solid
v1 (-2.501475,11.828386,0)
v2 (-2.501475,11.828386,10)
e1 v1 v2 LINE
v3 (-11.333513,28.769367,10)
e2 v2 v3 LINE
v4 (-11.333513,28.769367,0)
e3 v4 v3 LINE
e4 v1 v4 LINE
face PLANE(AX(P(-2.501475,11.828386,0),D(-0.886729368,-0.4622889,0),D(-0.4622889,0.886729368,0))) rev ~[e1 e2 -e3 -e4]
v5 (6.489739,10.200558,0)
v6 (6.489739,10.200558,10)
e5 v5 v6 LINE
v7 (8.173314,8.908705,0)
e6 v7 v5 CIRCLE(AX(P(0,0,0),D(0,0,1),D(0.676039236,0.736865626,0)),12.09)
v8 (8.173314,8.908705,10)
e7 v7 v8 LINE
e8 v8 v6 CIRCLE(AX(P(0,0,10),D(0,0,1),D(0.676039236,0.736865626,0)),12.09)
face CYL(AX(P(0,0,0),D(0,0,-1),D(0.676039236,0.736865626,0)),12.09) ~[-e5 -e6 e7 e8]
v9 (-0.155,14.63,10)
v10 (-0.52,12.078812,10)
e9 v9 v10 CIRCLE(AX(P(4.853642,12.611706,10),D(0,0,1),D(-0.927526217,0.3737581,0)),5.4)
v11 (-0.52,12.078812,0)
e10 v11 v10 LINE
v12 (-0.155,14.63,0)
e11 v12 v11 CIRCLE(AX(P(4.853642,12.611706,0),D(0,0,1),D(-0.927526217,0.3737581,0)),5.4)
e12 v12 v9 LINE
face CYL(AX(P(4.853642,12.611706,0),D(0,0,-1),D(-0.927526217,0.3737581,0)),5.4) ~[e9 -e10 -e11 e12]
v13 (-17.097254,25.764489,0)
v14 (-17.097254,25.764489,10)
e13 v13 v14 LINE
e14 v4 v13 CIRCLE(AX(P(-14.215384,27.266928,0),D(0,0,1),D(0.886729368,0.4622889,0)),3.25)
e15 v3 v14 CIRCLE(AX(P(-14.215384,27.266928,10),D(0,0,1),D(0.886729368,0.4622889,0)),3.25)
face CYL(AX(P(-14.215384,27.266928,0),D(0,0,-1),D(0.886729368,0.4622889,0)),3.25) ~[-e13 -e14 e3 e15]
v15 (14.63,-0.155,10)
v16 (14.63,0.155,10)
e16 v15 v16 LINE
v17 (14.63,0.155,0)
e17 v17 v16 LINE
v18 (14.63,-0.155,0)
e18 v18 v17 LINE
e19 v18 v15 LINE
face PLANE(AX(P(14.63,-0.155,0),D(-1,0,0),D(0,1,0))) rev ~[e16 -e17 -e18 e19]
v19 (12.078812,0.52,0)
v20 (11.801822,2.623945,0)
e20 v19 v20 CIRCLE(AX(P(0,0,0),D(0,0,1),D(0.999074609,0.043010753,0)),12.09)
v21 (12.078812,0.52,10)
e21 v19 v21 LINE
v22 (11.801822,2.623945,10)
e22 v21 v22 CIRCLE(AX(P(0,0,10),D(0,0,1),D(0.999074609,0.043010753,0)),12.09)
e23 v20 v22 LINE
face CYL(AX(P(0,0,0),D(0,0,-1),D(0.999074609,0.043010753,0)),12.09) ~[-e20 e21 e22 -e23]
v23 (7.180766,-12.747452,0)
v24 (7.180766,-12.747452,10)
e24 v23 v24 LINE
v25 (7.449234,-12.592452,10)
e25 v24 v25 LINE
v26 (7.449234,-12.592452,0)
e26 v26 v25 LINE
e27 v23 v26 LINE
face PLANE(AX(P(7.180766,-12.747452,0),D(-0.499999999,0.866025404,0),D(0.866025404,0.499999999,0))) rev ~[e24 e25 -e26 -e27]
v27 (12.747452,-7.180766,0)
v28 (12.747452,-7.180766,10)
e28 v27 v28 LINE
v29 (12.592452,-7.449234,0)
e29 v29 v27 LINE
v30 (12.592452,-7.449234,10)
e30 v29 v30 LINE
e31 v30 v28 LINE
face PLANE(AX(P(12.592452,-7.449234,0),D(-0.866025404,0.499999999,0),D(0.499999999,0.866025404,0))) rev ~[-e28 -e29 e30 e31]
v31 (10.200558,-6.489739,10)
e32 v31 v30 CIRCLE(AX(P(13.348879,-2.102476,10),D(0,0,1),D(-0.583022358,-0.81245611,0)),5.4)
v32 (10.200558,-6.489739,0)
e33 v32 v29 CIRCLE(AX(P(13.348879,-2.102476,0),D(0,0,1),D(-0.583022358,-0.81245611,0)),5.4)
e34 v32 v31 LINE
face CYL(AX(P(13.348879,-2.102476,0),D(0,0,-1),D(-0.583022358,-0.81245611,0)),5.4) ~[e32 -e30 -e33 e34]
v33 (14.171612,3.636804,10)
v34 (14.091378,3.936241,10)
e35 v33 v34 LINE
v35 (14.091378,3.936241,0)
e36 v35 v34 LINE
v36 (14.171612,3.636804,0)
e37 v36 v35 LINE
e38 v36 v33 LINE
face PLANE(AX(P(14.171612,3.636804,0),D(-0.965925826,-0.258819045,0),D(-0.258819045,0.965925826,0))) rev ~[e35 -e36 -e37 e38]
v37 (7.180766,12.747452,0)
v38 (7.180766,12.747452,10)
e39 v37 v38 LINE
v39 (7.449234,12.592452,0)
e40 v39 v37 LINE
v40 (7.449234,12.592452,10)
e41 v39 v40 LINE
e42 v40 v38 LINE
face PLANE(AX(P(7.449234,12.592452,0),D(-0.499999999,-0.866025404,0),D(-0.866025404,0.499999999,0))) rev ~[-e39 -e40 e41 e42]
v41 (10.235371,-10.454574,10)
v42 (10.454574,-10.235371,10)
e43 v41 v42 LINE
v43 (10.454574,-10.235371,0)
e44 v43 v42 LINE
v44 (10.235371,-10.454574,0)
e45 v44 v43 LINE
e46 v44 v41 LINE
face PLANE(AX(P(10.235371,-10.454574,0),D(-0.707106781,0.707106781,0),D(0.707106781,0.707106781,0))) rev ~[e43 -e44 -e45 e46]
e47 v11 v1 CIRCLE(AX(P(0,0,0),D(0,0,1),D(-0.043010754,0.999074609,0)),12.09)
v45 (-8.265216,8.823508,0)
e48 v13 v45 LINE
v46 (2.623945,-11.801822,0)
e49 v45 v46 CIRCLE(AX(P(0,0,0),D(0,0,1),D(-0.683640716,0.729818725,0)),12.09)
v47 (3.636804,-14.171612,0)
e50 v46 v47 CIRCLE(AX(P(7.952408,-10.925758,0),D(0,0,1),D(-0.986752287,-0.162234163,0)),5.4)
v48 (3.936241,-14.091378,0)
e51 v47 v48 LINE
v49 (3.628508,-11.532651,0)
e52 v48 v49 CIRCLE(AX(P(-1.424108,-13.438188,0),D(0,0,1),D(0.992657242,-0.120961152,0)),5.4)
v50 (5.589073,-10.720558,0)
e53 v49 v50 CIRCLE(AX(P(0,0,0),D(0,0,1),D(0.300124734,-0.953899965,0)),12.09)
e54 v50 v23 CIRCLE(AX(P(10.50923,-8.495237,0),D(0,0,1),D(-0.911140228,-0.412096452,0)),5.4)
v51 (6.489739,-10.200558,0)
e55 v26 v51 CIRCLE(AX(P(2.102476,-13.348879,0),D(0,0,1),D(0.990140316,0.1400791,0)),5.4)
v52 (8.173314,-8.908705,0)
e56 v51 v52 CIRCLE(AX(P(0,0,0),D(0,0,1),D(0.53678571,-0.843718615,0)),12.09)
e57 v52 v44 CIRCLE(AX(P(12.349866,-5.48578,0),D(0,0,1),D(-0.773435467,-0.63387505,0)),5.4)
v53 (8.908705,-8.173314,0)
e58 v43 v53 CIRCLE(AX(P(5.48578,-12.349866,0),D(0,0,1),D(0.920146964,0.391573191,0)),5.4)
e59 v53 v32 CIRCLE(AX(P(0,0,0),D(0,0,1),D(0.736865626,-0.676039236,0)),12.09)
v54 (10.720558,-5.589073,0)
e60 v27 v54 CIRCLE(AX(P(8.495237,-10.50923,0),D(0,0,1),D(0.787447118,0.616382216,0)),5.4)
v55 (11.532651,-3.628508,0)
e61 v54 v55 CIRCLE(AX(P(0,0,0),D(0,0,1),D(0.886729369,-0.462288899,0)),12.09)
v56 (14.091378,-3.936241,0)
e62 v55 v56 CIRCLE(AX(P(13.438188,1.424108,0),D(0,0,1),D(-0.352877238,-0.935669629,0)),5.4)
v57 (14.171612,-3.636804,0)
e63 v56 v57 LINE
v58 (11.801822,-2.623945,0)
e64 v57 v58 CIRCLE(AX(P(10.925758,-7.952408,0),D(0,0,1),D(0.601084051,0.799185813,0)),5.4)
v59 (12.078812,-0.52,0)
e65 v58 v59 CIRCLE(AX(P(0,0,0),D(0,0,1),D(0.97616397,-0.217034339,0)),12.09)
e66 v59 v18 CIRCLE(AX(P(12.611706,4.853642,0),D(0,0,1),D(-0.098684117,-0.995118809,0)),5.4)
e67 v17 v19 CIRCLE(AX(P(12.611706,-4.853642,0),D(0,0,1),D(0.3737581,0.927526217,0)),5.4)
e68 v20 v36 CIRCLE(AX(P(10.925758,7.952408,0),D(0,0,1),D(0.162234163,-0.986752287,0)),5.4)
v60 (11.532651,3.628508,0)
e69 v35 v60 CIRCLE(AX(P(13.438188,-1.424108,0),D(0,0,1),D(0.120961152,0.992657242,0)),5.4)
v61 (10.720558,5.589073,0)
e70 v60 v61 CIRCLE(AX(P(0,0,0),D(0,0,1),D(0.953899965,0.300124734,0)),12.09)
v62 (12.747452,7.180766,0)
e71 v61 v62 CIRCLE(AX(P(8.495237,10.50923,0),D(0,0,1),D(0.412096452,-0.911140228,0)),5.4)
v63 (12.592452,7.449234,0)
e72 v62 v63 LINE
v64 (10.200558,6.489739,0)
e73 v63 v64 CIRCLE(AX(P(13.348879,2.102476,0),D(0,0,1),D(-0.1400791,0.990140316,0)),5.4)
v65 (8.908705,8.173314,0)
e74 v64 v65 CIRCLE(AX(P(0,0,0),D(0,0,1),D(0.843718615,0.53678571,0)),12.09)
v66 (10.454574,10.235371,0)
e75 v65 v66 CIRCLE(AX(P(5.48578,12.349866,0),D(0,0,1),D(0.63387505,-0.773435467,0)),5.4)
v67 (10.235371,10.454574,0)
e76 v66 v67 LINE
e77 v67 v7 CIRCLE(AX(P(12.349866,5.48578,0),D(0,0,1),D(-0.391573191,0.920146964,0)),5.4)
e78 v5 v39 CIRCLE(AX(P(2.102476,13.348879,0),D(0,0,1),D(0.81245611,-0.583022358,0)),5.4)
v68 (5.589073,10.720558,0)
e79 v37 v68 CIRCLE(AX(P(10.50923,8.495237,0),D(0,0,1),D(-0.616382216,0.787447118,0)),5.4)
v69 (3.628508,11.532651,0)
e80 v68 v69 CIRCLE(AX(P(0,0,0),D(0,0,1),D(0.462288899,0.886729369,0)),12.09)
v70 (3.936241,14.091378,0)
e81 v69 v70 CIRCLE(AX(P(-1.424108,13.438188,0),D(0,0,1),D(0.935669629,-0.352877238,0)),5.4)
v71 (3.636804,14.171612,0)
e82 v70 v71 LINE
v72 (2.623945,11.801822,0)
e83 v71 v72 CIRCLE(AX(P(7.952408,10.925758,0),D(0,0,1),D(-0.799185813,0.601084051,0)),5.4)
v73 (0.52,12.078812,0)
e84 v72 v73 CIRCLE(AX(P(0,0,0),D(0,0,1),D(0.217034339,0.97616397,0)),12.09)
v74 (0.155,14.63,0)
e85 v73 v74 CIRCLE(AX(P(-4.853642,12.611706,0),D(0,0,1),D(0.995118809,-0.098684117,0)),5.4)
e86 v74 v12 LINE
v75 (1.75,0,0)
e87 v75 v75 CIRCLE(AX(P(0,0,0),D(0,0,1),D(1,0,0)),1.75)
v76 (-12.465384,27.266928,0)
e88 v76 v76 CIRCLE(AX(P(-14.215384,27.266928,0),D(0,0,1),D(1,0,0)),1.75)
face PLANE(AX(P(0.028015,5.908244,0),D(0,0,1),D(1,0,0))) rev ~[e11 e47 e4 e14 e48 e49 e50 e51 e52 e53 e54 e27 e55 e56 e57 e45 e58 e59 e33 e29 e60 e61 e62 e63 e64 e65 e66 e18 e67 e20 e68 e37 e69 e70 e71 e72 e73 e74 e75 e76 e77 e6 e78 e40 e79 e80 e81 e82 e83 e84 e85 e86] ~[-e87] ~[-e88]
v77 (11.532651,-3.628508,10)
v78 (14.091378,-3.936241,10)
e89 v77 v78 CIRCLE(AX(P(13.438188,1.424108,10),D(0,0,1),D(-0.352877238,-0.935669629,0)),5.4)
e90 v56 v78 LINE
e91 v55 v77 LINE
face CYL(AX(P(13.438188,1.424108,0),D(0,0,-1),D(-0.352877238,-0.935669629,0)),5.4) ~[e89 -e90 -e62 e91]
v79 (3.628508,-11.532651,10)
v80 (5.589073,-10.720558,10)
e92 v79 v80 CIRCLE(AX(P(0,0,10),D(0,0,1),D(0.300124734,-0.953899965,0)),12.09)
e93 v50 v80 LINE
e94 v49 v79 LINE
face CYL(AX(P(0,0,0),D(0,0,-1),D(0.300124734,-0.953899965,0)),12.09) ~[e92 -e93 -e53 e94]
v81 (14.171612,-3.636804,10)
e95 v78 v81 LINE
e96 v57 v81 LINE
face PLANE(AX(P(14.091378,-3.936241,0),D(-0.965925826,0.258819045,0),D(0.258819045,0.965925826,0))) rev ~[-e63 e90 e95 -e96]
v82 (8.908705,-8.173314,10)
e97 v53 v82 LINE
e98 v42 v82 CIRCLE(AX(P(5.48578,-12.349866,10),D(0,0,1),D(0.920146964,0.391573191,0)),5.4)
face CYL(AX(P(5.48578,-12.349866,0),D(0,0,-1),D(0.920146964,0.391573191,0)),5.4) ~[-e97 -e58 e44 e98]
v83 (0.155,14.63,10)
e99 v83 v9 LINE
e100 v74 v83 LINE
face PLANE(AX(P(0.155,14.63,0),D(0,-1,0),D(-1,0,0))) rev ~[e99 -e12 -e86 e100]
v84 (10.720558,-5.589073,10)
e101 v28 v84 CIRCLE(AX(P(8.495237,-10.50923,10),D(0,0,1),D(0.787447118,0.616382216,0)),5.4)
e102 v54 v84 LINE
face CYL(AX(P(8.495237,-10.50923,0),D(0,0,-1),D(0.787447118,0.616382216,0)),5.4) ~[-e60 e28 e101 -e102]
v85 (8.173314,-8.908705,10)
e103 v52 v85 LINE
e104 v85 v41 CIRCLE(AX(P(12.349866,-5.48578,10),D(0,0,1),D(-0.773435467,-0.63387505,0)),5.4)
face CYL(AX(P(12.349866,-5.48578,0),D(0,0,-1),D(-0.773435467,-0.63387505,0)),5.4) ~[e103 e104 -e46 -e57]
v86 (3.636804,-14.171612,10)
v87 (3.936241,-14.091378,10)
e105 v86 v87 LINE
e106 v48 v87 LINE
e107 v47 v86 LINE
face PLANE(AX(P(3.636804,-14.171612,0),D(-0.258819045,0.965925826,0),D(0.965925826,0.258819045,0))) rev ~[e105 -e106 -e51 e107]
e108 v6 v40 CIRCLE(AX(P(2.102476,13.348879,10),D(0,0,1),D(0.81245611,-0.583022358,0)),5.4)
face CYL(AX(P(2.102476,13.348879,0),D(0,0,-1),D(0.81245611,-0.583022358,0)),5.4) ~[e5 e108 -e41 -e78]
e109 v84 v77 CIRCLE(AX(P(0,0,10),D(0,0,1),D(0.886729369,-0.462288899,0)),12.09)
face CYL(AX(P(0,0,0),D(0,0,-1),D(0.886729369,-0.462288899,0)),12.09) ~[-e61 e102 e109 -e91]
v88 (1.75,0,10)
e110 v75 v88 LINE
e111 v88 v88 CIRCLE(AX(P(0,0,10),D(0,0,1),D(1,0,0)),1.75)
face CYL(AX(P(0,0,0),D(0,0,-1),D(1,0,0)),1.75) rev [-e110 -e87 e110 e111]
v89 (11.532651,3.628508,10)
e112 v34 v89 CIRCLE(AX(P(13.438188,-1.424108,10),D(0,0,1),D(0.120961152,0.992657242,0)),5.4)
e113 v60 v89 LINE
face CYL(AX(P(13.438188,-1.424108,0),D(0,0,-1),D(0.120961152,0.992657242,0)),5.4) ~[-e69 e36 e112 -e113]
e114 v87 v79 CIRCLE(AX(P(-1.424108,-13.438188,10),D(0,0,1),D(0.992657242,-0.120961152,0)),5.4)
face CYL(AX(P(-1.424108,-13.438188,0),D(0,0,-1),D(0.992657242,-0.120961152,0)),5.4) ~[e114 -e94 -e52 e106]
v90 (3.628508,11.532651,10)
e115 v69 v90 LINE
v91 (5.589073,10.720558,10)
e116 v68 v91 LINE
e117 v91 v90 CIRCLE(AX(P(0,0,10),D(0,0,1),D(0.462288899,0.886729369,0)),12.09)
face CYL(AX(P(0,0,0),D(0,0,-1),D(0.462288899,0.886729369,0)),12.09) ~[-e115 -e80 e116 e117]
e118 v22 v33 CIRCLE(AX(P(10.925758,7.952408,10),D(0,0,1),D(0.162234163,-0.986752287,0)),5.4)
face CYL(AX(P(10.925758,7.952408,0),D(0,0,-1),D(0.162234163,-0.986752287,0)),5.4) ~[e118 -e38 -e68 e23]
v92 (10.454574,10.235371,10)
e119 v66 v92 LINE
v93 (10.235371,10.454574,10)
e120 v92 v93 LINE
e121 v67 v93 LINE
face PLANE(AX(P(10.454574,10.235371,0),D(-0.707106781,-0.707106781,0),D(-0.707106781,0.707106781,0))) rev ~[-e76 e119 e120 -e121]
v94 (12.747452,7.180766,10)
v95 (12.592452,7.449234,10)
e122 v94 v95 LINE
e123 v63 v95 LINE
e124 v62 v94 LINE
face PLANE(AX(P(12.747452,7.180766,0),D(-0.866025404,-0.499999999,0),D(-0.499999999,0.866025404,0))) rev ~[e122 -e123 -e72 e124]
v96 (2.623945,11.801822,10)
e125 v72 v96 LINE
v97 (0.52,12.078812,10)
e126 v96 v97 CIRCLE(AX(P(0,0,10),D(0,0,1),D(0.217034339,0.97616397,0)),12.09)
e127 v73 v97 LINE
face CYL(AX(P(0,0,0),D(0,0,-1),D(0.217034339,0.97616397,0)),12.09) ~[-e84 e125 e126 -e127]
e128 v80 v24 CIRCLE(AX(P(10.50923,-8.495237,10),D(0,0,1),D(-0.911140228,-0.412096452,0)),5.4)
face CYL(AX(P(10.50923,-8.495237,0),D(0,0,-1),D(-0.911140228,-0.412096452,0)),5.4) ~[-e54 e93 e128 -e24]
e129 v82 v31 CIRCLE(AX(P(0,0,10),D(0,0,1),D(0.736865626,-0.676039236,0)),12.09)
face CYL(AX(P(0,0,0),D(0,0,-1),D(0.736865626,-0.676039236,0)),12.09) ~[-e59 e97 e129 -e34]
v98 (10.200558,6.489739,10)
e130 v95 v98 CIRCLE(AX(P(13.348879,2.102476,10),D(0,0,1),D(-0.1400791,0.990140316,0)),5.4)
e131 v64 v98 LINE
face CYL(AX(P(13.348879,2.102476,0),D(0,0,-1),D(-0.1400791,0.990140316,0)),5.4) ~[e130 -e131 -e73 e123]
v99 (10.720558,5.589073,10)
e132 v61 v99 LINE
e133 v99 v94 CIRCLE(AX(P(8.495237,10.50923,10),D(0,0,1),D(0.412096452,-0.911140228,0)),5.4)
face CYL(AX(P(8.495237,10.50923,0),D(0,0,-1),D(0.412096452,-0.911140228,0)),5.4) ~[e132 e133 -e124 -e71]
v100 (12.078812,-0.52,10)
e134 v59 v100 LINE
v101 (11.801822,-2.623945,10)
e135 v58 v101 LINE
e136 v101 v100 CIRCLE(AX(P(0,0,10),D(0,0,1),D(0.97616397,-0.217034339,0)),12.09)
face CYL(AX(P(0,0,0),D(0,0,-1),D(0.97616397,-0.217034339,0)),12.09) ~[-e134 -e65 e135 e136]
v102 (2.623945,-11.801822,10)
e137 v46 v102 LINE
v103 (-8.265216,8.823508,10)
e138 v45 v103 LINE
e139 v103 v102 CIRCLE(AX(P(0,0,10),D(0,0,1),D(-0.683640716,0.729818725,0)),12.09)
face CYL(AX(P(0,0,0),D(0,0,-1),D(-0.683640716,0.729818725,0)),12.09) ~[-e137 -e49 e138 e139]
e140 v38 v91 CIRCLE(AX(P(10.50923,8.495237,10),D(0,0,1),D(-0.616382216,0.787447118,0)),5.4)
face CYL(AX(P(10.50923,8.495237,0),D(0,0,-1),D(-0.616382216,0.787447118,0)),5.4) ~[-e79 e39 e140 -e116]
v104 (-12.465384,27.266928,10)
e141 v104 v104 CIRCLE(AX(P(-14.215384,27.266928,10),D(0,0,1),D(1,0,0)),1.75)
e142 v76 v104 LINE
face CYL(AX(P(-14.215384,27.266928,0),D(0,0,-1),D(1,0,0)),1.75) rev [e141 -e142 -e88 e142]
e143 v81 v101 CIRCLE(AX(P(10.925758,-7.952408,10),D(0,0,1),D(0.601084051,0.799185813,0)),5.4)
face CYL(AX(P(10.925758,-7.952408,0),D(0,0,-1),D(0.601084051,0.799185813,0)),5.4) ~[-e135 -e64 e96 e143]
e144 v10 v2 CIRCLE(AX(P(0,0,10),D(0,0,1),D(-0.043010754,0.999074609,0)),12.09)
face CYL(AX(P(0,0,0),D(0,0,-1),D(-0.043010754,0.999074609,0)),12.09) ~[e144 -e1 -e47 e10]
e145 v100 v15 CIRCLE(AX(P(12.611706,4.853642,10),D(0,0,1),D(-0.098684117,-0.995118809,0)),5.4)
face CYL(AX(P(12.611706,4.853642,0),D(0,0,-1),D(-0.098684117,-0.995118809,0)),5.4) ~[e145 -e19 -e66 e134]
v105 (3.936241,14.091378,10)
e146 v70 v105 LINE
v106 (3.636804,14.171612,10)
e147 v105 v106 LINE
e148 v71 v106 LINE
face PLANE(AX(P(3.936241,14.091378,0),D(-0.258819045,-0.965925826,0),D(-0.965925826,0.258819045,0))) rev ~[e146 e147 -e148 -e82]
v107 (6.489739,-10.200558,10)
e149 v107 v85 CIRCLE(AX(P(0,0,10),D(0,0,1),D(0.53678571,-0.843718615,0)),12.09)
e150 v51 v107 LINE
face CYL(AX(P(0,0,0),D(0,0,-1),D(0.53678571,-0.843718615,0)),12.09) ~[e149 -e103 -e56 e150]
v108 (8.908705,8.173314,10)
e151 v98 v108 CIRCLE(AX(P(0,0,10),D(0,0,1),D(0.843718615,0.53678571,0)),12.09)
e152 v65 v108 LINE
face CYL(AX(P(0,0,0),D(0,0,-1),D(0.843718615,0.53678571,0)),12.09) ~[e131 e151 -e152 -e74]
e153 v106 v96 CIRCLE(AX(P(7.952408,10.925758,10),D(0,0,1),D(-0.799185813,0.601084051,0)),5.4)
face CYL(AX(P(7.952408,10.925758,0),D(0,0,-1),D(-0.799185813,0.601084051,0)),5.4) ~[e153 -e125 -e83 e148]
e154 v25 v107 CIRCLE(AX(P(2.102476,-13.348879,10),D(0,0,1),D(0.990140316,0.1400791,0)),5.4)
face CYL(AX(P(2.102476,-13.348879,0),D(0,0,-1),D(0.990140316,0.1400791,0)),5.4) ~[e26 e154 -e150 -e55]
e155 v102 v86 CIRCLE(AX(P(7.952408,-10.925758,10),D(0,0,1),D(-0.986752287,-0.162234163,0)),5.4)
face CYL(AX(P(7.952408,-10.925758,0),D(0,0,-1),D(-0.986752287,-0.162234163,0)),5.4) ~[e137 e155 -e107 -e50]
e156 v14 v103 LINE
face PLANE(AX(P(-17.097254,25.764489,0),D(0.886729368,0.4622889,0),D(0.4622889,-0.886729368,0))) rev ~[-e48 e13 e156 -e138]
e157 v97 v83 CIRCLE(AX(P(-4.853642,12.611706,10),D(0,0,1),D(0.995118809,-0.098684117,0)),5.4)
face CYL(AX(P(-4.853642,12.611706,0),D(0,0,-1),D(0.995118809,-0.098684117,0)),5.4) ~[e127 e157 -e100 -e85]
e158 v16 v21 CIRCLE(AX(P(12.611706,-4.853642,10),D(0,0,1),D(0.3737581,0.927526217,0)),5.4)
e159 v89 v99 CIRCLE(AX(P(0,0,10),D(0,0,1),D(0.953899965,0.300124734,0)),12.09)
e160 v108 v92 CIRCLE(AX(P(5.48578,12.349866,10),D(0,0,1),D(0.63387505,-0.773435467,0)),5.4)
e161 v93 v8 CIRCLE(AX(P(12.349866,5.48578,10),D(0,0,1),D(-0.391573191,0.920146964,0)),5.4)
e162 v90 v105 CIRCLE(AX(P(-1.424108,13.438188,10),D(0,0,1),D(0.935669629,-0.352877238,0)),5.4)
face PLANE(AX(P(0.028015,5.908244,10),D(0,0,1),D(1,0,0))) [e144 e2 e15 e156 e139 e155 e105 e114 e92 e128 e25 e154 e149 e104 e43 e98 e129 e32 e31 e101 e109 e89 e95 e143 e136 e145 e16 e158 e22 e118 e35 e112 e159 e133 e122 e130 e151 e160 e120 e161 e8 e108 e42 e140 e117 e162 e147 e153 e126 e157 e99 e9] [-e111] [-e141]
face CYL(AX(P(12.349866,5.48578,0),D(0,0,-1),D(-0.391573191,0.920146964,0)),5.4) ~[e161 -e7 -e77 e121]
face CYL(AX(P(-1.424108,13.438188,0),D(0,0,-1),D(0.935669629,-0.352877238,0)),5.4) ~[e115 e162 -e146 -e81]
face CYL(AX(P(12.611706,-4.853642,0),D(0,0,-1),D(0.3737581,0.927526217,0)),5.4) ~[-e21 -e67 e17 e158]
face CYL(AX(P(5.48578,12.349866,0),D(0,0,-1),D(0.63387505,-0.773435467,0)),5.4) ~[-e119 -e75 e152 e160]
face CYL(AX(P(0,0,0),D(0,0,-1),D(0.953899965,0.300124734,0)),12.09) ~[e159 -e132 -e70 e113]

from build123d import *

# Parameters (mm, degrees)
SKETCH1_R           = 1.75
BOSS_EXTRUDE1_DEPTH = 10


with BuildPart() as part:
    # Sketch1 → Boss-Extrude1 (new body)
    with BuildSketch(Plane.XY):
        with BuildLine():
            Line((0.155, 14.63), (-0.155, 14.63))
            ThreePointArc((-0.155, 14.63), (-0.491925829, 13.37649981), (-0.52, 12.078812028))
            ThreePointArc((-0.52, 12.078812028), (-1.515917744, 11.994586003), (-2.50147536, 11.828386239))
            Line((-2.50147536, 11.828386239), (-11.333513235, 28.769367003))
            ThreePointArc((-11.333513235, 28.769367003), (-15.717822608, 30.148798524), (-17.097254129, 25.764489151))
            Line((-17.097254129, 25.764489151), (-8.265216255, 8.823508388))
            ThreePointArc((-8.265216255, 8.823508388), (-10.691447625, -5.644559122), (2.623945165, -11.801822392))
            ThreePointArc((2.623945165, -11.801822392), (2.986929045, -13.048026405), (3.636804127, -14.171611791))
            Line((3.636804127, -14.171611791), (3.936241133, -14.091377887))
            ThreePointArc((3.936241133, -14.091377887), (3.937256771, -12.793386859), (3.628508025, -11.532650585))
            ThreePointArc((3.628508025, -11.532650585), (4.626642697, -11.169703548), (5.589072804, -10.720558064))
            ThreePointArc((5.589072804, -10.720558064), (6.26222964, -11.830351564), (7.180766062, -12.747451657))
            Line((7.180766062, -12.747451657), (7.449233938, -12.592451657))
            ThreePointArc((7.449233938, -12.592451657), (7.11427017, -11.338425735), (6.489739224, -10.200558064))
            ThreePointArc((6.489739224, -10.200558064), (7.359925677, -9.591641884), (8.173314367, -8.90870542))
            ThreePointArc((8.173314367, -8.90870542), (9.110769635, -9.806457814), (10.235370658, -10.45457376))
            Line((10.235370658, -10.45457376), (10.45457376, -10.235370658))
            ThreePointArc((10.45457376, -10.235370658), (9.806457814, -9.110769635), (8.90870542, -8.173314367))
            ThreePointArc((8.90870542, -8.173314367), (9.591641884, -7.359925677), (10.200558064, -6.489739224))
            ThreePointArc((10.200558064, -6.489739224), (11.338425735, -7.11427017), (12.592451657, -7.449233938))
            Line((12.592451657, -7.449233938), (12.747451657, -7.180766062))
            ThreePointArc((12.747451657, -7.180766062), (11.830351564, -6.26222964), (10.720558064, -5.589072804))
            ThreePointArc((10.720558064, -5.589072804), (11.169703548, -4.626642697), (11.532650585, -3.628508025))
            ThreePointArc((11.532650585, -3.628508025), (12.793386859, -3.937256771), (14.091377887, -3.936241133))
            Line((14.091377887, -3.936241133), (14.171611791, -3.636804127))
            ThreePointArc((14.171611791, -3.636804127), (13.048026405, -2.986929045), (11.801822392, -2.623945165))
            ThreePointArc((11.801822392, -2.623945165), (11.986568374, -1.578061664), (12.078812028, -0.52))
            ThreePointArc((12.078812028, -0.52), (13.37649981, -0.491925829), (14.63, -0.155))
            Line((14.63, -0.155), (14.63, 0.155))
            ThreePointArc((14.63, 0.155), (13.37649981, 0.491925829), (12.078812028, 0.52))
            ThreePointArc((12.078812028, 0.52), (11.986568374, 1.578061664), (11.801822392, 2.623945165))
            ThreePointArc((11.801822392, 2.623945165), (13.048026405, 2.986929045), (14.171611791, 3.636804127))
            Line((14.171611791, 3.636804127), (14.091377887, 3.936241133))
            ThreePointArc((14.091377887, 3.936241133), (12.793386859, 3.937256771), (11.532650585, 3.628508025))
            ThreePointArc((11.532650585, 3.628508025), (11.169703548, 4.626642697), (10.720558064, 5.589072804))
            ThreePointArc((10.720558064, 5.589072804), (11.830351564, 6.26222964), (12.747451657, 7.180766062))
            Line((12.747451657, 7.180766062), (12.592451657, 7.449233938))
            ThreePointArc((12.592451657, 7.449233938), (11.338425735, 7.11427017), (10.200558064, 6.489739224))
            ThreePointArc((10.200558064, 6.489739224), (9.591641884, 7.359925677), (8.90870542, 8.173314367))
            ThreePointArc((8.90870542, 8.173314367), (9.806457814, 9.110769635), (10.45457376, 10.235370658))
            Line((10.45457376, 10.235370658), (10.235370658, 10.45457376))
            ThreePointArc((10.235370658, 10.45457376), (9.110769635, 9.806457814), (8.173314367, 8.90870542))
            ThreePointArc((8.173314367, 8.90870542), (7.359925677, 9.591641884), (6.489739224, 10.200558064))
            ThreePointArc((6.489739224, 10.200558064), (7.11427017, 11.338425735), (7.449233938, 12.592451657))
            Line((7.449233938, 12.592451657), (7.180766062, 12.747451657))
            ThreePointArc((7.180766062, 12.747451657), (6.26222964, 11.830351564), (5.589072804, 10.720558064))
            ThreePointArc((5.589072804, 10.720558064), (4.626642697, 11.169703548), (3.628508025, 11.532650585))
            ThreePointArc((3.628508025, 11.532650585), (3.937256771, 12.793386859), (3.936241133, 14.091377887))
            Line((3.936241133, 14.091377887), (3.636804127, 14.171611791))
            ThreePointArc((3.636804127, 14.171611791), (2.986929045, 13.048026405), (2.623945165, 11.801822392))
            ThreePointArc((2.623945165, 11.801822392), (1.578061664, 11.986568374), (0.52, 12.078812028))
            ThreePointArc((0.52, 12.078812028), (0.491925829, 13.37649981), (0.155, 14.63))
        make_face()
        Circle(SKETCH1_R, mode=Mode.SUBTRACT)
        with Locations((-14.215383682, 27.266928077)):
            Circle(SKETCH1_R, mode=Mode.SUBTRACT)
    extrude(amount=BOSS_EXTRUDE1_DEPTH)


solid = part.part
